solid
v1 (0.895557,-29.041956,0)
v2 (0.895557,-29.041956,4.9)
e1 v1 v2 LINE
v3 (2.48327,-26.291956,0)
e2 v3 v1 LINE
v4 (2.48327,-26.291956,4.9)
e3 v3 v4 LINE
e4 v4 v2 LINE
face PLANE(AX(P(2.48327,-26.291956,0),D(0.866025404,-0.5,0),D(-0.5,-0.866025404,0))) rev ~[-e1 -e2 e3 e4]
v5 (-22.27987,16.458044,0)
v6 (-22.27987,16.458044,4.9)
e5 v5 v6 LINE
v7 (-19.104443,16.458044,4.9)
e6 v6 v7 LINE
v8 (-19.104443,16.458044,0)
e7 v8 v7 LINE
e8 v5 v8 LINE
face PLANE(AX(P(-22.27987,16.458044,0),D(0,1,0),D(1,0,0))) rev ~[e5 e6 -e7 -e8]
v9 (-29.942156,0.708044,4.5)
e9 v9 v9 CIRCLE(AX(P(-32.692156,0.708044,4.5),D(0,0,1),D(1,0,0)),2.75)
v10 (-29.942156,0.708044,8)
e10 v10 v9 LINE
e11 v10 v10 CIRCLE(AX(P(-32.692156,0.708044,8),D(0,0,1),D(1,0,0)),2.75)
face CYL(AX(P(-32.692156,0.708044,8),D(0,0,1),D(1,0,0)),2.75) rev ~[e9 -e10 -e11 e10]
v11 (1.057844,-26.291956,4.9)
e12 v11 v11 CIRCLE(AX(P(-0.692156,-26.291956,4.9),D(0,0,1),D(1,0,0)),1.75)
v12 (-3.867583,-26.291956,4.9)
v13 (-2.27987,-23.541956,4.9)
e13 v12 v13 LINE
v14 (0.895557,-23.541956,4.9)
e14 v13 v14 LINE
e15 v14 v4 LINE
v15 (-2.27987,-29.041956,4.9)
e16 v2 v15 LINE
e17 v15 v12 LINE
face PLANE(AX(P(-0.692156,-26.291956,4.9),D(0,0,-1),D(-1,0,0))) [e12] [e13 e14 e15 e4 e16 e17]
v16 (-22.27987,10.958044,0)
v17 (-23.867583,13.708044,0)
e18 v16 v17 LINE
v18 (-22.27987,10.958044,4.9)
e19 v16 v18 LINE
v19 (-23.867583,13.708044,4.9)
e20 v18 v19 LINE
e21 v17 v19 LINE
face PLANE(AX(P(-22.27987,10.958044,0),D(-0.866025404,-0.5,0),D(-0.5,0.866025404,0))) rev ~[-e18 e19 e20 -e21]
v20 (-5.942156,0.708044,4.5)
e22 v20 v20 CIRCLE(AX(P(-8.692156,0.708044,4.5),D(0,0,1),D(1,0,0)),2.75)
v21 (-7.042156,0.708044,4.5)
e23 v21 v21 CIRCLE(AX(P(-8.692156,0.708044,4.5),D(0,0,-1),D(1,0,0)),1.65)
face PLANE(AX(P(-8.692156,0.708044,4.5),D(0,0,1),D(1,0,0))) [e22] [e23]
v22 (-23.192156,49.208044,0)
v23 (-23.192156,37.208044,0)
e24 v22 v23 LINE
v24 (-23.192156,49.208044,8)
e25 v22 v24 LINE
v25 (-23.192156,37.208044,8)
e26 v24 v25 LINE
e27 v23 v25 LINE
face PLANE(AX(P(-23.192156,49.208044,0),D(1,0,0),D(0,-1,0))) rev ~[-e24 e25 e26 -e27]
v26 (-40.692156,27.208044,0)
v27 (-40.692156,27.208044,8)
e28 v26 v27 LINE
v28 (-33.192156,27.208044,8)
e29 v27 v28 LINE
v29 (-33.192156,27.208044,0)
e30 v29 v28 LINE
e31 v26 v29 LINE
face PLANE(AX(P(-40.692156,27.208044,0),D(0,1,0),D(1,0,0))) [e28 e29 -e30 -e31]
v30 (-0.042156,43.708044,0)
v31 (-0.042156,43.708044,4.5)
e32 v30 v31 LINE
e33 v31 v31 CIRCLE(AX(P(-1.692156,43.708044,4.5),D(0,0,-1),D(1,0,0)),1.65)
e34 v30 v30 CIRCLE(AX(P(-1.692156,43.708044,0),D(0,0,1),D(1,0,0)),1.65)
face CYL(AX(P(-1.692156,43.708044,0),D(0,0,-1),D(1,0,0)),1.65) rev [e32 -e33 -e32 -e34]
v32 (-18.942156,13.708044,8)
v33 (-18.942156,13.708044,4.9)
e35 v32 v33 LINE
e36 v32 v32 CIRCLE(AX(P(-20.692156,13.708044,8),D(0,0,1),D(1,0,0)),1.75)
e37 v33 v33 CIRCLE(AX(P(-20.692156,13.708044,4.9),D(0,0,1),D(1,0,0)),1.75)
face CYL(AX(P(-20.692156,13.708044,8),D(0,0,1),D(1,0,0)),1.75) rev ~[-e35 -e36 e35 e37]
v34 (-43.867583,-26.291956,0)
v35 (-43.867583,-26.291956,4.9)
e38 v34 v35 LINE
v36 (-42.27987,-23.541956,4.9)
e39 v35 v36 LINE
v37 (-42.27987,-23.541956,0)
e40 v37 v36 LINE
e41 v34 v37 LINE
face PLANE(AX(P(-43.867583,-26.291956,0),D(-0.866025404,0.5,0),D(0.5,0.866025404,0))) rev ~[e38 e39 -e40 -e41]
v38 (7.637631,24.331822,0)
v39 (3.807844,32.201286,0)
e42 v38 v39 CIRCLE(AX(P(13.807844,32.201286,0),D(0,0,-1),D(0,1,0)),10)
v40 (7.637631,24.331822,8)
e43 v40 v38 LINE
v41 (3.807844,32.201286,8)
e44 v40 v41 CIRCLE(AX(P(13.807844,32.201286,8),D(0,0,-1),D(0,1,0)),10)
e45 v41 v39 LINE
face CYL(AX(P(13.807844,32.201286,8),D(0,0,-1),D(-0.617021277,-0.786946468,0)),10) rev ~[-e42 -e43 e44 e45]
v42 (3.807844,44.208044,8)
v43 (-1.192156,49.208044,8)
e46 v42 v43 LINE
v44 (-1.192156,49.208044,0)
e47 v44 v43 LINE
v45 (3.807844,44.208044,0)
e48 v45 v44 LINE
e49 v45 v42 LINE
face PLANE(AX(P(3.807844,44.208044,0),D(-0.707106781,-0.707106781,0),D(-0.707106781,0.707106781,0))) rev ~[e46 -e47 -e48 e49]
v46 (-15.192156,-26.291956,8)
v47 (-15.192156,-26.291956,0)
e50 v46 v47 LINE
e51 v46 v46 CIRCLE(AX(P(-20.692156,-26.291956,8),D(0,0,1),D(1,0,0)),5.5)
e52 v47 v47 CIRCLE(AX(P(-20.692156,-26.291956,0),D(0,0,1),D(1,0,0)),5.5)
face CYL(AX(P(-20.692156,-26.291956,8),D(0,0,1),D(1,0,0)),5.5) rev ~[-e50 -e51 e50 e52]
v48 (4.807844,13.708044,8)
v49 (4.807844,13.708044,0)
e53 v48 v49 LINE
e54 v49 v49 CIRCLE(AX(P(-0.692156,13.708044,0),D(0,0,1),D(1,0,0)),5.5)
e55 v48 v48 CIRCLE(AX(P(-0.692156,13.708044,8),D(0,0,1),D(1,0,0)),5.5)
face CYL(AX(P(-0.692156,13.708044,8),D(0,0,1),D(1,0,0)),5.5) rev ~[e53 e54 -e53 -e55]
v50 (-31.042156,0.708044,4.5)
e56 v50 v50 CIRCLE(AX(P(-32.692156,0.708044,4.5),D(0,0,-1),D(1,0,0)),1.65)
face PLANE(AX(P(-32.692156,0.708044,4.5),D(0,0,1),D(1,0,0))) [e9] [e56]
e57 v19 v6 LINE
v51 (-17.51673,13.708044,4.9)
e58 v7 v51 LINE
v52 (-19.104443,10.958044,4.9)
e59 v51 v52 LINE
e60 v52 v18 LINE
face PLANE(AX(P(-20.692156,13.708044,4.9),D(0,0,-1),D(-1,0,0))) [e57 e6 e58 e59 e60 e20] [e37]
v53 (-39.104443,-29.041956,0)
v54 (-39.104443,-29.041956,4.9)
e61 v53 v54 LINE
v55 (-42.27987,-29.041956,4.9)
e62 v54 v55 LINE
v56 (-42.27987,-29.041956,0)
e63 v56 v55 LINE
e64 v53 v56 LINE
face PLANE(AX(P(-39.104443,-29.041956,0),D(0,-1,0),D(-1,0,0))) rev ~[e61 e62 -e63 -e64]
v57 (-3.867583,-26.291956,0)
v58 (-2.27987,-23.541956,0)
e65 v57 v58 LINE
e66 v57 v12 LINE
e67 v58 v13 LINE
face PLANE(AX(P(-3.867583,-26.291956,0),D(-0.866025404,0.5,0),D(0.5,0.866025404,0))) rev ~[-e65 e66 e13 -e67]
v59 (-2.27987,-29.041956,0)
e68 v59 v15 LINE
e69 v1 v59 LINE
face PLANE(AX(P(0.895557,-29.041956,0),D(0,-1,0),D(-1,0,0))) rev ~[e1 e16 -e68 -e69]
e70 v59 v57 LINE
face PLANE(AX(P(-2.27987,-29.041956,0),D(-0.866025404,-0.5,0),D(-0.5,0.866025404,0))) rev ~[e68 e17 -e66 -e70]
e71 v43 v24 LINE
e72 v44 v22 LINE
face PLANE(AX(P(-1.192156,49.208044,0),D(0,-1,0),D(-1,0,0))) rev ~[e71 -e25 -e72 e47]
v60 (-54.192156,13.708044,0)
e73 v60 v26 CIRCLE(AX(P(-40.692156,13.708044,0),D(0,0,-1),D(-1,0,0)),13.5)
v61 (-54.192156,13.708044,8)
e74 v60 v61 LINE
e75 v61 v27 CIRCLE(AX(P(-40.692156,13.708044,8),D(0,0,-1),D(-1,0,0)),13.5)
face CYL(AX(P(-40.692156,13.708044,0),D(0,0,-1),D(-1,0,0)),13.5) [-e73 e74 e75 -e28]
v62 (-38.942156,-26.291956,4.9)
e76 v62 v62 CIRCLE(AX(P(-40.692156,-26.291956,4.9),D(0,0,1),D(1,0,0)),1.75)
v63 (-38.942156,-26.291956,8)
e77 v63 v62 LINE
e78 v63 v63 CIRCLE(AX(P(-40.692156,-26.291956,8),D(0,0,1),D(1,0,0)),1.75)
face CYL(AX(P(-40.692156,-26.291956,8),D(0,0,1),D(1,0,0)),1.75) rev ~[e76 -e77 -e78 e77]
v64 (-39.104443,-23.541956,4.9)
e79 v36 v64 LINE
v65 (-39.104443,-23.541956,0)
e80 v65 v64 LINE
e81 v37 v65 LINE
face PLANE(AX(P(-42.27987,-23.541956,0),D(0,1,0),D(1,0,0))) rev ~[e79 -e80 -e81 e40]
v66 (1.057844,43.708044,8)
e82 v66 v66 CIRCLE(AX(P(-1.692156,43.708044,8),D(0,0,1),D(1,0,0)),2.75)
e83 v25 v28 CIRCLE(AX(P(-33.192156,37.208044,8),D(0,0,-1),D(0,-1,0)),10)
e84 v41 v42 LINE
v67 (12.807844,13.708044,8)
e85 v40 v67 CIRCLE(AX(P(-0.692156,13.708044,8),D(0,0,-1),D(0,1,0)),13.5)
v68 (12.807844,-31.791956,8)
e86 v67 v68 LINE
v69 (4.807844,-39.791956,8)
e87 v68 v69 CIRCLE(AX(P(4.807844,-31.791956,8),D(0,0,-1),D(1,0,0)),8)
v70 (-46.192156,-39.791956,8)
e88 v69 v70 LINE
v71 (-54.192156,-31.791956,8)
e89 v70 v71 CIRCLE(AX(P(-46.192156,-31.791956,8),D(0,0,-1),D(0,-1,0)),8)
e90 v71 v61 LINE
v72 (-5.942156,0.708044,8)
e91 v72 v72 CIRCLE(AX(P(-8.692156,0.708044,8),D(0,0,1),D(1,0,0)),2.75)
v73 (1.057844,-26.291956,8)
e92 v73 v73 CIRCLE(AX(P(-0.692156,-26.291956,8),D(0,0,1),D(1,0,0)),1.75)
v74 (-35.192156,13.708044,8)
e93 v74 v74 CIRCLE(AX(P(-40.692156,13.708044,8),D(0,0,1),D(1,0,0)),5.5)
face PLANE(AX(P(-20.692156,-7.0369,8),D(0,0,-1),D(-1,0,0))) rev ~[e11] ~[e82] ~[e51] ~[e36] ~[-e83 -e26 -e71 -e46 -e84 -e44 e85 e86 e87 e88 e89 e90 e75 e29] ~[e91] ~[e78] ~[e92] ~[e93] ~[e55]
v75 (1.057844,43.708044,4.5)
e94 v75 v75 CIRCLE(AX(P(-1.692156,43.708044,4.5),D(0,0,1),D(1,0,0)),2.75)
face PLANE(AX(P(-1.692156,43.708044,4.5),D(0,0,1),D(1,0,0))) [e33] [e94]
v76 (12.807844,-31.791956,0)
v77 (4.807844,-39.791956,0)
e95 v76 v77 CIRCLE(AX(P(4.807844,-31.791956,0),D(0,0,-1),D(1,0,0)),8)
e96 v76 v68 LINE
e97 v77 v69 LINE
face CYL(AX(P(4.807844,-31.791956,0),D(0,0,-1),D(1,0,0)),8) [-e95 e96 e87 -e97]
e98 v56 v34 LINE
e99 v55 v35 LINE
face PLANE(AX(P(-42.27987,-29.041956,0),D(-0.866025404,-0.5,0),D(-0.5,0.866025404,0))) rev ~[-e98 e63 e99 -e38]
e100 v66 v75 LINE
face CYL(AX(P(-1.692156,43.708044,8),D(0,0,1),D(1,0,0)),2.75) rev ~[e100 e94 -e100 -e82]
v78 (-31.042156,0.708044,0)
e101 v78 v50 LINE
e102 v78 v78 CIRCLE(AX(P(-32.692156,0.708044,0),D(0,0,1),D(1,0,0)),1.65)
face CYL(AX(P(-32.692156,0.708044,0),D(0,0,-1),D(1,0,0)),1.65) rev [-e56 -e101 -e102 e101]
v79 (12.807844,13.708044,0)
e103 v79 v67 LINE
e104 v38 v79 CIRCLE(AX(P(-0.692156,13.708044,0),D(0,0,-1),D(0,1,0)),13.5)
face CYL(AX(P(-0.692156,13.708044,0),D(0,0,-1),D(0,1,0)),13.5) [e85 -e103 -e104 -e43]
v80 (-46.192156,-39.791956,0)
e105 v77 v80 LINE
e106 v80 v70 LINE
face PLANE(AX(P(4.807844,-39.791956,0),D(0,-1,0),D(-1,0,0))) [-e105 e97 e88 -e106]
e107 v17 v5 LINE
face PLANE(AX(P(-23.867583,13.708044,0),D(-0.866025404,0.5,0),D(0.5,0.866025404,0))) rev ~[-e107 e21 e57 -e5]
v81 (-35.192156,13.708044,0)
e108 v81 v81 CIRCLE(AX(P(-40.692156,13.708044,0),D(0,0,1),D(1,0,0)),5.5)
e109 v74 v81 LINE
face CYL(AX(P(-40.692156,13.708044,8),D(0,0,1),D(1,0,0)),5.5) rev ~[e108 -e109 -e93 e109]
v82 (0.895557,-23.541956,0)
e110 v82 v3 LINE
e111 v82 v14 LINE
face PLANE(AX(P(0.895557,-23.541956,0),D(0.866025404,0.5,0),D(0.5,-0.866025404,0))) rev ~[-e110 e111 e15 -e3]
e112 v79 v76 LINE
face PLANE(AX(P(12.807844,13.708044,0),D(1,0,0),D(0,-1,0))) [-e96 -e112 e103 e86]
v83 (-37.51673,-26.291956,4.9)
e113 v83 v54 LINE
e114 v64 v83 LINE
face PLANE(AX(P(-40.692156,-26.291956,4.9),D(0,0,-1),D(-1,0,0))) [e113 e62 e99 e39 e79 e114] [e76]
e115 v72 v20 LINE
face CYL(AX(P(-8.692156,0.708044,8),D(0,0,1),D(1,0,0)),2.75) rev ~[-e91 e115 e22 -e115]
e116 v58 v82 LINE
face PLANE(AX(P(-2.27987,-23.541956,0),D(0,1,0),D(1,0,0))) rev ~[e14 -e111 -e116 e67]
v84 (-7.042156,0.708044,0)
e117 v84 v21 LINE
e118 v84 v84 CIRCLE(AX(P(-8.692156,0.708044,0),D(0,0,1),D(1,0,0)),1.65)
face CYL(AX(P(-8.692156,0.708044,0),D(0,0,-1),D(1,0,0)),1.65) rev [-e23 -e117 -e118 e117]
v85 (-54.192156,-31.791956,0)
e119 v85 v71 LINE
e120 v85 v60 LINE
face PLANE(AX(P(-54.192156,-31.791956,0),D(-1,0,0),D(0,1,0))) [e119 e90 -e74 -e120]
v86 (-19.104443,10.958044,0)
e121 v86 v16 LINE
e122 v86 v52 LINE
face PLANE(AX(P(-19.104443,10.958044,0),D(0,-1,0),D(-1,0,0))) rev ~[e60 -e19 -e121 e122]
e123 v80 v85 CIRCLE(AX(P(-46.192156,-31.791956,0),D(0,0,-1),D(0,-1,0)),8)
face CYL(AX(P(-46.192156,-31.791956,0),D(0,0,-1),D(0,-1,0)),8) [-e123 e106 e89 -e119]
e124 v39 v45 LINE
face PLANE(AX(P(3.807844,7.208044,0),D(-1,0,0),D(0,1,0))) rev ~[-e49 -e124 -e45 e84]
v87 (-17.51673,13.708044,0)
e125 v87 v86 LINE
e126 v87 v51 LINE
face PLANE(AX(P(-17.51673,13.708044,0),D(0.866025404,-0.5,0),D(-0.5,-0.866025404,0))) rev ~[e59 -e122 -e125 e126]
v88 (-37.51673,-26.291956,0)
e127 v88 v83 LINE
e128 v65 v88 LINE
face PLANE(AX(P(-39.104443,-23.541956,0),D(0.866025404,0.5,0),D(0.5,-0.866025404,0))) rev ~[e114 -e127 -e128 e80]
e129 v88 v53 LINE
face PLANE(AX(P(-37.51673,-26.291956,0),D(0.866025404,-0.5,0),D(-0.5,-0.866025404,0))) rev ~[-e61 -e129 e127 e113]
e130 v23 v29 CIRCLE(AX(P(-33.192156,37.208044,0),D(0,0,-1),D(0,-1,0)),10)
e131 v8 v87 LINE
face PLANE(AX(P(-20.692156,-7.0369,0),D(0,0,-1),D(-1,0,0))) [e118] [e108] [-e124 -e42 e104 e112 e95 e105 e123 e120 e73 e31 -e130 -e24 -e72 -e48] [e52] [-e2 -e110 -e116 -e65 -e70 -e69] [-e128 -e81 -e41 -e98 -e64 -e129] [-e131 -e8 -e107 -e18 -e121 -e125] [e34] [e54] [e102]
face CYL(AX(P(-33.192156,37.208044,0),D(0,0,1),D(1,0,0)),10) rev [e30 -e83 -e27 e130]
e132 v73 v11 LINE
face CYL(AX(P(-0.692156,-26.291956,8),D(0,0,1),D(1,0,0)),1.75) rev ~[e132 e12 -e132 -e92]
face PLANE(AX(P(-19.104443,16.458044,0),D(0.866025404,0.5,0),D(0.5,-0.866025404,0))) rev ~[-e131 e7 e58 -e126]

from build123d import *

# Parameters (mm, degrees)
ESBO_O7_R                = 1.65
RESSALTO_EXTRUS_O5_DEPTH = 8
RESSALTO_EXTRUS_O6_START = -8
ESBO_O10_R               = 1.65
RESSALTO_EXTRUS_O6_DEPTH = 8
ESBO_O8_R                = 5.5
CORTE_EXTRUS_O4_DEPTH    = 8
FILETE1_R                = 10
ESBO_O11_R               = 2.75
CORTE_EXTRUS_O5_DEPTH    = 3.5
ESBO_O14_R               = 1.75
CORTE_EXTRUS_O9_DEPTH    = 8
CORTE_EXTRUS_O10_DEPTH   = 4.9


with BuildPart() as part:
    # Esboço7 → Ressalto-extrusão5 (new body)
    with BuildSketch(Plane.XY):
        Polygon((-45.692156379, 16.70804449), (-45.692156379, -36.79195551), (6.807843621, -36.79195551), (6.807843621, 4.155908866), (3.801241904, 7.162510584), (3.84677581, 7.20804449), (3.807843621, 7.20804449), (3.807843621, 44.20804449), (-1.192156379, 49.20804449), (-23.192156379, 49.20804449), (-23.192156379, 16.70804449), align=None)
        with Locations((-1.692156379, 43.70804449)):
            Circle(ESBO_O7_R, mode=Mode.SUBTRACT)
        with Locations((-32.692156379, 0.70804449)):
            Circle(ESBO_O7_R, mode=Mode.SUBTRACT)
        with Locations((-8.692156379, 0.70804449)):
            Circle(ESBO_O7_R, mode=Mode.SUBTRACT)
    extrude(amount=RESSALTO_EXTRUS_O5_DEPTH)

    # Esboço10 → Ressalto-extrusão6 (add)
    with BuildSketch(Plane.XY.offset(8).offset(RESSALTO_EXTRUS_O6_START)):
        with BuildLine():
            Line((12.807843621, 13.70804449), (12.807843621, -31.79195551))
            ThreePointArc((12.807843621, -31.79195551), (10.464697871, -37.44880976), (4.807843621, -39.79195551))
            Line((4.807843621, -39.79195551), (-46.192156379, -39.79195551))
            ThreePointArc((-46.192156379, -39.79195551), (-51.849010628, -37.44880976), (-54.192156379, -31.79195551))
            Line((-54.192156379, -31.79195551), (-54.192156379, 13.70804449))
            ThreePointArc((-54.192156379, 13.70804449), (-50.238097925, 23.253986036), (-40.692156379, 27.20804449))
            Line((-40.692156379, 27.20804449), (-0.692156379, 27.20804449))
            ThreePointArc((-0.692156379, 27.20804449), (8.853785167, 23.253986036), (12.807843621, 13.70804449))
        make_face()
        with Locations((-8.692156379, 0.70804449)):
            Circle(ESBO_O10_R, mode=Mode.SUBTRACT)
        with Locations((-32.692156379, 0.70804449)):
            Circle(ESBO_O10_R, mode=Mode.SUBTRACT)
    extrude(amount=RESSALTO_EXTRUS_O6_DEPTH)

    # Esboço8 → Corte-extrusão4 (cut)
    with BuildSketch(Plane.XY.offset(8)):
        with Locations((-40.692156379, 13.70804449)):
            Circle(ESBO_O8_R)
        with Locations((-0.692156379, 13.70804449)):
            Circle(ESBO_O8_R)
        with Locations((-20.692156379, -26.29195551)):
            Circle(ESBO_O8_R)
    extrude(amount=-CORTE_EXTRUS_O4_DEPTH, mode=Mode.SUBTRACT)

    # Filete1
    filete1_edges = [part.edges().sort_by_distance(p)[0] for p in [
        (-23.192156379, 27.20804449, 4),
        (3.807843621, 26.435966551, 4),
    ]]
    fillet(filete1_edges, radius=FILETE1_R)

    # Esboço11 → Corte-extrusão5 (cut)
    with BuildSketch(Plane.XY.offset(8)):
        with Locations((-32.692156379, 0.70804449)):
            Circle(ESBO_O11_R)
        with Locations((-8.692156379, 0.70804449)):
            Circle(ESBO_O11_R)
        with Locations((-1.692156379, 43.70804449)):
            Circle(ESBO_O11_R)
    extrude(amount=-CORTE_EXTRUS_O5_DEPTH, mode=Mode.SUBTRACT)

    # Esboço14 → Corte-extrusão9 (cut)
    with BuildSketch(Plane.XY.offset(8)):
        with Locations((-20.692156379, 13.70804449)):
            Circle(ESBO_O14_R)
        with Locations((-40.692156379, -26.29195551)):
            Circle(ESBO_O14_R)
        with Locations((-0.692156379, -26.29195551)):
            Circle(ESBO_O14_R)
    extrude(amount=-CORTE_EXTRUS_O9_DEPTH, mode=Mode.SUBTRACT)

    # Esboço15 → Corte-extrusão10 (cut)
    with BuildSketch(Plane(origin=(0, 0, 0), x_dir=(-1, 0, 0), z_dir=(0, 0, -1))):
        Polygon((23.867582859, 13.70804449), (22.279869619, 16.45804449), (19.104443138, 16.45804449), (17.516729898, 13.70804449), (19.104443138, 10.95804449), (22.279869619, 10.95804449), align=None)
        Polygon((3.867582859, -26.29195551), (2.279869619, -23.54195551), (-0.895556862, -23.54195551), (-2.483270102, -26.29195551), (-0.895556862, -29.04195551), (2.279869619, -29.04195551), align=None)
        Polygon((43.867582859, -26.29195551), (42.279869619, -23.54195551), (39.104443138, -23.54195551), (37.516729898, -26.29195551), (39.104443138, -29.04195551), (42.279869619, -29.04195551), align=None)
    extrude(amount=-CORTE_EXTRUS_O10_DEPTH, mode=Mode.SUBTRACT)


solid = part.part
